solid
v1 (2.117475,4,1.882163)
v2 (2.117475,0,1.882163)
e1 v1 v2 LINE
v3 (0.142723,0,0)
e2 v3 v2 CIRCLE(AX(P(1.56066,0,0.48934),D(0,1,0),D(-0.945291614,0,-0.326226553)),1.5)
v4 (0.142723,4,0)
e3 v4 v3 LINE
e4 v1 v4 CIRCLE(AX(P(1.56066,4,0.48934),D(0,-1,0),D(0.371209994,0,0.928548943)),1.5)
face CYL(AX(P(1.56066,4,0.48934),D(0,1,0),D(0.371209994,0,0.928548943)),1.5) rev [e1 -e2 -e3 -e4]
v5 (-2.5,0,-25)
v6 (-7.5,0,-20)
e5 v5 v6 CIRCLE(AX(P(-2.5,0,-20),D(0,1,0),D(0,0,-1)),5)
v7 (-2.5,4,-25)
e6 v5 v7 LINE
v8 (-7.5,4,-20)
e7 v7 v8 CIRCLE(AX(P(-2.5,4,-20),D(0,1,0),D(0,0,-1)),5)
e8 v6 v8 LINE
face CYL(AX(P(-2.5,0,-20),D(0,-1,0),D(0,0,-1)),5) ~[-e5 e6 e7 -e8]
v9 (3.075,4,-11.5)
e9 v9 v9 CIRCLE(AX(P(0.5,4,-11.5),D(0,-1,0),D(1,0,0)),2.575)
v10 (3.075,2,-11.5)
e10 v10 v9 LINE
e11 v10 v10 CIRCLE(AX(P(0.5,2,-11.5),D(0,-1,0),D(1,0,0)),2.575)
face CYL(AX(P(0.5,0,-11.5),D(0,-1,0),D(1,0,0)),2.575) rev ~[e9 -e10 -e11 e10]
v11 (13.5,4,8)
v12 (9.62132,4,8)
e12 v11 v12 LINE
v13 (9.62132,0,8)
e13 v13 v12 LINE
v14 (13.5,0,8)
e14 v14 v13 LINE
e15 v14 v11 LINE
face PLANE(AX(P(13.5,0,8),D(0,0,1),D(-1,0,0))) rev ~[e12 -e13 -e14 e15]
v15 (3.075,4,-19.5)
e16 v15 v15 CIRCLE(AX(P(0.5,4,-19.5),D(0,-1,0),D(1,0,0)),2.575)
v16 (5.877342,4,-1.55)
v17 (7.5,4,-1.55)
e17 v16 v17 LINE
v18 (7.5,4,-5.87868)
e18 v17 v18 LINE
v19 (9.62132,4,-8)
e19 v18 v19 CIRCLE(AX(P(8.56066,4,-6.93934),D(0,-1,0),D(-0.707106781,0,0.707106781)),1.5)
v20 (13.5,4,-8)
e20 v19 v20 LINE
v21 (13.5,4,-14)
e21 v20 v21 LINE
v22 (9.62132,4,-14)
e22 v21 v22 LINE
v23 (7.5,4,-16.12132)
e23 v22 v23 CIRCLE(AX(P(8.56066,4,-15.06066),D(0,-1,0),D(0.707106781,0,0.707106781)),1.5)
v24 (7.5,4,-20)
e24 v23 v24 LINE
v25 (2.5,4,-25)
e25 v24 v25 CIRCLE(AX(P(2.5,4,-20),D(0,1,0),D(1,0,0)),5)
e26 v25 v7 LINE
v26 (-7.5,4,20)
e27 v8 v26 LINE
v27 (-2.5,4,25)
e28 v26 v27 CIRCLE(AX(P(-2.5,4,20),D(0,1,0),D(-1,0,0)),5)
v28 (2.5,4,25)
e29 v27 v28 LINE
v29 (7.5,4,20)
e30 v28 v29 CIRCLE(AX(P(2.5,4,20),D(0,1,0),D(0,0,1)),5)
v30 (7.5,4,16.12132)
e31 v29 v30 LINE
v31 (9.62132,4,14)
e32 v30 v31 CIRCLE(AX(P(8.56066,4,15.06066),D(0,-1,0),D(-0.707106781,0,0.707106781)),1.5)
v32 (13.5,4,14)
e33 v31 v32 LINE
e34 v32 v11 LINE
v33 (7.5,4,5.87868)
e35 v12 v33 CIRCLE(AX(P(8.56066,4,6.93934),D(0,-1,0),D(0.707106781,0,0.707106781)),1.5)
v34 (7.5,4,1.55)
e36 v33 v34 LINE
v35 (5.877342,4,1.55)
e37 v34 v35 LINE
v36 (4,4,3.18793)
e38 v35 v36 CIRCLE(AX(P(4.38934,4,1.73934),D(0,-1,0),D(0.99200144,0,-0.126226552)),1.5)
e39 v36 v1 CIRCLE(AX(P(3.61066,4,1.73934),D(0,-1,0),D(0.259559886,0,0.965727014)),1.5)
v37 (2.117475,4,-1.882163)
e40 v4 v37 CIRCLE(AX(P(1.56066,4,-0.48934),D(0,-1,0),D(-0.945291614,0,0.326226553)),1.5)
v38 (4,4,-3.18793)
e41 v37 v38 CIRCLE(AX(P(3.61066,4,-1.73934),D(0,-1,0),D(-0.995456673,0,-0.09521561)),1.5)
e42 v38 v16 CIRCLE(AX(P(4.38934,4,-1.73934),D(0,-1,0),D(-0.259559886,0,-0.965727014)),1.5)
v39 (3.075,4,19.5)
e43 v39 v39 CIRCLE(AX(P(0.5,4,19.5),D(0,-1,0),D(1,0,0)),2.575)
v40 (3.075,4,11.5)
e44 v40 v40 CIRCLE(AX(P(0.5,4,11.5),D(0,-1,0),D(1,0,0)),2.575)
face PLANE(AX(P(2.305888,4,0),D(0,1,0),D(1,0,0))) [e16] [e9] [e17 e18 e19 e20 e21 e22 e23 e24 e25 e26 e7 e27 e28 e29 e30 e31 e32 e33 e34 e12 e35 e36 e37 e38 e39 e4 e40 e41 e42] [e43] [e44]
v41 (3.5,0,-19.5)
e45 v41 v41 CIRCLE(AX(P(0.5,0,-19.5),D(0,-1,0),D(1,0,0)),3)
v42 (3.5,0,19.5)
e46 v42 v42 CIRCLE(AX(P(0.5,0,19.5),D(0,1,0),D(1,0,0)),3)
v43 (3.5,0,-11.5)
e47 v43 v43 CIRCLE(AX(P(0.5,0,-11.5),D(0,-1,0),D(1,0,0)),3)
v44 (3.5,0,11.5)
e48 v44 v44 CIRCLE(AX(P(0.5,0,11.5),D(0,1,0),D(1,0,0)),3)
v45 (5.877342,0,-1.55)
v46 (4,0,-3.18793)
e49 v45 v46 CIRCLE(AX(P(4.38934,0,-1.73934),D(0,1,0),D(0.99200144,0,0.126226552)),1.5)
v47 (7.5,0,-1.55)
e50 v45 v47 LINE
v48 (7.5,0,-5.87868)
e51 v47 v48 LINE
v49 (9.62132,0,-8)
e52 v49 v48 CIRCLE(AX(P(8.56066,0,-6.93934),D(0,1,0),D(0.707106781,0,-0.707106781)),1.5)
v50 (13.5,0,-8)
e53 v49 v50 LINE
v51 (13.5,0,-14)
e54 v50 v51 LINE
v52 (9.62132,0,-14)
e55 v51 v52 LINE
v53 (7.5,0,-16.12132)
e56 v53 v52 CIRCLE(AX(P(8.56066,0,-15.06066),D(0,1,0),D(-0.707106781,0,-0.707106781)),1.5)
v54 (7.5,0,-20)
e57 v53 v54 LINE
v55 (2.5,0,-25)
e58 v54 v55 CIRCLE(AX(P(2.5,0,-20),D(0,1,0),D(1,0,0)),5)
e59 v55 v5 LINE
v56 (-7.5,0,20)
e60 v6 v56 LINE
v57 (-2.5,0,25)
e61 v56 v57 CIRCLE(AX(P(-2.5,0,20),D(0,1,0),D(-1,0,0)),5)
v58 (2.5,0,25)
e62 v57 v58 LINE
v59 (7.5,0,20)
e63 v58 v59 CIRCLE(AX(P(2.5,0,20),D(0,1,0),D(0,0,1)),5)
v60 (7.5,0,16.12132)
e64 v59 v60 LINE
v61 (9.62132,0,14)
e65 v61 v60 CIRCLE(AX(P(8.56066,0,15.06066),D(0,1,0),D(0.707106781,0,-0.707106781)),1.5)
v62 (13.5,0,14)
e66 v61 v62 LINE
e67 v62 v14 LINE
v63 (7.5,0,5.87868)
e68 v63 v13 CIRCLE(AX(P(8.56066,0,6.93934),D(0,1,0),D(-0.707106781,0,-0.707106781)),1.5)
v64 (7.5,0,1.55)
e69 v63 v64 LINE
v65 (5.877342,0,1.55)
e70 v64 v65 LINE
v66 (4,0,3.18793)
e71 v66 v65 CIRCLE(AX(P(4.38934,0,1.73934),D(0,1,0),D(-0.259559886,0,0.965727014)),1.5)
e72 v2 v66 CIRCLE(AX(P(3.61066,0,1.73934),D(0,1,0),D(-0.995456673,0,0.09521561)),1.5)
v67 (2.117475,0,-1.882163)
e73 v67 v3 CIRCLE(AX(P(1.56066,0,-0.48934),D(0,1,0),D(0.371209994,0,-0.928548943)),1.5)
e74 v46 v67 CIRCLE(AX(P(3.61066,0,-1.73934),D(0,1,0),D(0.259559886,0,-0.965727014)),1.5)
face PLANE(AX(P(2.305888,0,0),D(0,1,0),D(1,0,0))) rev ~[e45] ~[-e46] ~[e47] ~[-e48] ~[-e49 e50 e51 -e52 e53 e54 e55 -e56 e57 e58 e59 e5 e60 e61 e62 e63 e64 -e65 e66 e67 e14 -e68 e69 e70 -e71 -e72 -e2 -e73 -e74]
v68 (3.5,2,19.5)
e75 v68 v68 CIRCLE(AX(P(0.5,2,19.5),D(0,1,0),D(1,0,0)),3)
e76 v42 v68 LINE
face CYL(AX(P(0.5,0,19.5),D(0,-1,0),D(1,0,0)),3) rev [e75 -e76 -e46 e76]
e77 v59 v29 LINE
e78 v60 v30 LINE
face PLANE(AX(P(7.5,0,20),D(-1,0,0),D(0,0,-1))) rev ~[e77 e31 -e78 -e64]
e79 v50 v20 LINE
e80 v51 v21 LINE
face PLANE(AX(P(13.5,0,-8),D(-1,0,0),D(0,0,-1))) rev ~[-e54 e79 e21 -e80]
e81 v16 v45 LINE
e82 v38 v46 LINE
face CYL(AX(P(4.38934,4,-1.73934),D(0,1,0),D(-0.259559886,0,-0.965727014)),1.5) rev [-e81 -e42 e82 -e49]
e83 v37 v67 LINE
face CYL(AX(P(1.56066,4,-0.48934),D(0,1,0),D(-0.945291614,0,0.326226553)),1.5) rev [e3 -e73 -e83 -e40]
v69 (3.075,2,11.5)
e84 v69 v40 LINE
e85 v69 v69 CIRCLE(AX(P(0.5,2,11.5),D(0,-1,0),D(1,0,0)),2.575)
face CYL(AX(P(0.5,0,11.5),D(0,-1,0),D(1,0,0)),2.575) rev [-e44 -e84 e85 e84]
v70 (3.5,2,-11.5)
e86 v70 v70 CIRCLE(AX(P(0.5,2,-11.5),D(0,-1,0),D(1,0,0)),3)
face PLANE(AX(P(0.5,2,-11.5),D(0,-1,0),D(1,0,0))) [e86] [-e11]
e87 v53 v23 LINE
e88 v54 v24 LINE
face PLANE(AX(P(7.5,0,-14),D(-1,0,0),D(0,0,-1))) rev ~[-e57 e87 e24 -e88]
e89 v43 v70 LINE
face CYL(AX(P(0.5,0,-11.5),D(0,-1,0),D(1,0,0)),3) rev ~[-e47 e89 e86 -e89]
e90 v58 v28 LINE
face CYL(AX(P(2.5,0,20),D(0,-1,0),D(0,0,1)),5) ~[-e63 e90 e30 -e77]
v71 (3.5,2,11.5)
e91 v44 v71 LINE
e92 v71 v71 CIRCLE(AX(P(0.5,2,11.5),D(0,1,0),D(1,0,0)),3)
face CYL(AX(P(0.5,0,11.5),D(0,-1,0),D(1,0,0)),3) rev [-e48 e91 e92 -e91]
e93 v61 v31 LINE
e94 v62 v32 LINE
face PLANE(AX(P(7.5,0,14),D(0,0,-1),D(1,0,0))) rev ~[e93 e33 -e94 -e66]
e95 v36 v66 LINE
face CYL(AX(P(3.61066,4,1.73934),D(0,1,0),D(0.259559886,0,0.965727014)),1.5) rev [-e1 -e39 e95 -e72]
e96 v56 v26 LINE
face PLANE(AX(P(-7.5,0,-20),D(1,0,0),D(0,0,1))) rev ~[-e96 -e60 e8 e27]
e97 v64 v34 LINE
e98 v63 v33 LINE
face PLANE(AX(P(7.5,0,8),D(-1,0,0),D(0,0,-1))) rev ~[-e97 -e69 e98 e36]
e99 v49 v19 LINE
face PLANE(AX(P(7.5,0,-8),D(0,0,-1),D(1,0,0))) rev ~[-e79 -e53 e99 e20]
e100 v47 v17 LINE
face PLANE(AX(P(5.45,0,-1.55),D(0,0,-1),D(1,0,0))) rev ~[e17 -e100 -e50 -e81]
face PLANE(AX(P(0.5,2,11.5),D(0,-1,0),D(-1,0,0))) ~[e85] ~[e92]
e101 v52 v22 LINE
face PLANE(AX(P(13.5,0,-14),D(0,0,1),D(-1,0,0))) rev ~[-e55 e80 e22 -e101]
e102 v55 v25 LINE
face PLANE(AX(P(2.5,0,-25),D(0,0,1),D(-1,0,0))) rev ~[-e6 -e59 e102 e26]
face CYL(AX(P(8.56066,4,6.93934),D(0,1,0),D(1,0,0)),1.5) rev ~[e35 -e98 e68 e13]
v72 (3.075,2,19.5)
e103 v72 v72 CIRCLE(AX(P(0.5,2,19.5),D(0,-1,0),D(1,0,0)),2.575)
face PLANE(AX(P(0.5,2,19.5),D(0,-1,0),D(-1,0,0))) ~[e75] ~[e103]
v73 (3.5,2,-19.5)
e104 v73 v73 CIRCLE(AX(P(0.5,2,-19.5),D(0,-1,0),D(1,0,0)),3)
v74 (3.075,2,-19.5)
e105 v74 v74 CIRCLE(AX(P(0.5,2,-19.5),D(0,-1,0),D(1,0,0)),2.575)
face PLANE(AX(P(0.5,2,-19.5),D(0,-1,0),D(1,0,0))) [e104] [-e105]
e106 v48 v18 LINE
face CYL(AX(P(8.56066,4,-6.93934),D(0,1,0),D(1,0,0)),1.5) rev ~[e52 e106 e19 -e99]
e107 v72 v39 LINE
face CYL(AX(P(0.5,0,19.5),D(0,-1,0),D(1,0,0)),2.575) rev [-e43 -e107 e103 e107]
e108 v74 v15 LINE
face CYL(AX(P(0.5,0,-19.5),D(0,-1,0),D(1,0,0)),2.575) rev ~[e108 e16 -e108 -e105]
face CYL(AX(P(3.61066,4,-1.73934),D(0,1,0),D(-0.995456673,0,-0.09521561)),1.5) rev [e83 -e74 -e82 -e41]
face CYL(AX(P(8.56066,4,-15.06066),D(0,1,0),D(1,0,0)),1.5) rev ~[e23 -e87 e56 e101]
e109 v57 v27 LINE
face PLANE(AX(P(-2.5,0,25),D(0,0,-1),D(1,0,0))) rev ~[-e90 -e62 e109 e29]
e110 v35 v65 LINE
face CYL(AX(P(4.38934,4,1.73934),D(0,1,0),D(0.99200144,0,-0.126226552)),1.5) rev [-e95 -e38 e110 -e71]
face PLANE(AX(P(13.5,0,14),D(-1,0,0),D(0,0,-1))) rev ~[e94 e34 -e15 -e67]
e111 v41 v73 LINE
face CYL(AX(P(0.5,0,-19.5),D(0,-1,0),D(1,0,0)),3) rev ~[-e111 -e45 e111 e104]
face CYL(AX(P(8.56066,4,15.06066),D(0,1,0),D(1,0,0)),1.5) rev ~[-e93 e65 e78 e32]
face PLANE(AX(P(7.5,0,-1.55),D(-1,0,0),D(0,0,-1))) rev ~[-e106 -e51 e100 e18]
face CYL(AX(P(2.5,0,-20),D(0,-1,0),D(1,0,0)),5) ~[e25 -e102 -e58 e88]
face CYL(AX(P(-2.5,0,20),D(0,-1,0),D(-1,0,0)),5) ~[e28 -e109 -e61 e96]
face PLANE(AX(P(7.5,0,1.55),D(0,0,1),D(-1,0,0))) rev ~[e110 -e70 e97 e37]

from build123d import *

# Parameters (mm, degrees)
SALIENTE_EXTRUIR1_DEPTH = 4
CORTAR_EXTRUIR4_DEPTH   = 5
CROQUIS10_R             = 1.5
CORTAR_EXTRUIR5_DEPTH   = 5
CROQUIS12_R             = 2.575
CORTAR_EXTRUIR6_DEPTH   = 5
CROQUIS13_R             = 3
CORTAR_EXTRUIR7_DEPTH   = 2


with BuildPart() as part:
    # Croquis1 → Saliente-Extruir1 (new body)
    with BuildSketch(Plane(origin=(0, 0, 0), x_dir=(1, 0, 0), z_dir=(0, 1, 0))):
        with BuildLine():
            Line((-2.5, -25), (2.5, -25))
            ThreePointArc((2.5, -25), (6.035533906, -23.535533906), (7.5, -20))
            Line((7.5, -20), (7.5, -14))
            Line((7.5, -14), (13.5, -14))
            Line((13.5, -14), (13.5, -8))
            Line((13.5, -8), (7.5, -8))
            Line((7.5, -8), (7.5, -1.55))
            Line((7.5, -1.55), (5.45, -1.55))
            Line((5.45, -1.55), (5.45, -2.8))
            Line((5.45, -2.8), (2.55, -2.8))
            Line((2.55, -2.8), (2.55, -1.55))
            Line((2.55, -1.55), (0.5, -1.55))
            Line((0.5, -1.55), (0.5, 1.55))
            Line((0.5, 1.55), (2.55, 1.55))
            Line((2.55, 1.55), (2.55, 2.8))
            Line((2.55, 2.8), (5.45, 2.8))
            Line((5.45, 2.8), (5.45, 1.55))
            Line((5.45, 1.55), (7.5, 1.55))
            Line((7.5, 1.55), (7.5, 8))
            Line((7.5, 8), (13.5, 8))
            Line((13.5, 8), (13.5, 14))
            Line((13.5, 14), (7.5, 14))
            Line((7.5, 14), (7.5, 20))
            ThreePointArc((7.5, 20), (6.035533906, 23.535533906), (2.5, 25))
            Line((2.5, 25), (-2.5, 25))
            ThreePointArc((-2.5, 25), (-6.035533906, 23.535533906), (-7.5, 20))
            Line((-7.5, 20), (-7.5, -20))
            ThreePointArc((-7.5, -20), (-6.035533906, -23.535533906), (-2.5, -25))
        make_face()
    extrude(amount=SALIENTE_EXTRUIR1_DEPTH)

    # Croquis7 → Cortar-Extruir4 (cut, through all)
    with BuildSketch(Plane(origin=(0, 4, 0), x_dir=(1, 0, 0), z_dir=(0, 1, 0))):
        with BuildLine():
            Line((5.877341989, 1.55), (7.5, 1.55))
            Line((7.5, 1.55), (7.5, -1.55))
            Line((7.5, -1.55), (5.877341989, -1.55))
            ThreePointArc((5.877341989, -1.55), (5.375478098, -2.869619136), (4, -3.187930349))
            ThreePointArc((4, -3.187930349), (2.755747615, -2.971867524), (2.117475162, -1.882163243))
            ThreePointArc((2.117475162, -1.882163243), (0.52576038, -1.575149398), (0.14272275, 0))
            ThreePointArc((0.14272275, 0), (0.52576038, 1.575149398), (2.117475162, 1.882163243))
            ThreePointArc((2.117475162, 1.882163243), (2.755747615, 2.971867524), (4, 3.187930349))
            ThreePointArc((4, 3.187930349), (5.375478098, 2.869619136), (5.877341989, 1.55))
        make_face()
    extrude(amount=-CORTAR_EXTRUIR4_DEPTH, mode=Mode.SUBTRACT)

    # Croquis10 → Cortar-Extruir5 (cut, through all)
    with BuildSketch(Plane(origin=(0, 4, 0), x_dir=(1, 0, 0), z_dir=(0, 1, 0))):
        with Locations((8.560660172, 15.060660172)):
            Circle(CROQUIS10_R)
        with Locations((8.560660172, 6.939339828)):
            Circle(CROQUIS10_R)
        with Locations((8.560660172, -15.060660172)):
            Circle(CROQUIS10_R)
        with Locations((8.560660172, -6.939339828)):
            Circle(CROQUIS10_R)
    extrude(amount=-CORTAR_EXTRUIR5_DEPTH, mode=Mode.SUBTRACT)

    # Croquis12 → Cortar-Extruir6 (cut, through all)
    with BuildSketch(Plane.XZ):
        with Locations((0.5, -11.5)):
            Circle(CROQUIS12_R)
        with Locations((0.5, -19.5)):
            Circle(CROQUIS12_R)
    cortar_extruir6 = extrude(amount=-CORTAR_EXTRUIR6_DEPTH, mode=Mode.SUBTRACT)

    # Croquis13 → Cortar-Extruir7 (cut)
    with BuildSketch(Plane.XZ):
        with Locations((0.5, -11.5)):
            Circle(CROQUIS13_R)
        with Locations((0.5, -19.5)):
            Circle(CROQUIS13_R)
    cortar_extruir7 = extrude(amount=-CORTAR_EXTRUIR7_DEPTH, mode=Mode.SUBTRACT)

    # Simetría1: Cortar-Extruir6, Cortar-Extruir7 across plane
    add(cortar_extruir6.mirror(Plane.XY), mode=Mode.SUBTRACT)
    add(cortar_extruir7.mirror(Plane.XY), mode=Mode.SUBTRACT)


solid = part.part
